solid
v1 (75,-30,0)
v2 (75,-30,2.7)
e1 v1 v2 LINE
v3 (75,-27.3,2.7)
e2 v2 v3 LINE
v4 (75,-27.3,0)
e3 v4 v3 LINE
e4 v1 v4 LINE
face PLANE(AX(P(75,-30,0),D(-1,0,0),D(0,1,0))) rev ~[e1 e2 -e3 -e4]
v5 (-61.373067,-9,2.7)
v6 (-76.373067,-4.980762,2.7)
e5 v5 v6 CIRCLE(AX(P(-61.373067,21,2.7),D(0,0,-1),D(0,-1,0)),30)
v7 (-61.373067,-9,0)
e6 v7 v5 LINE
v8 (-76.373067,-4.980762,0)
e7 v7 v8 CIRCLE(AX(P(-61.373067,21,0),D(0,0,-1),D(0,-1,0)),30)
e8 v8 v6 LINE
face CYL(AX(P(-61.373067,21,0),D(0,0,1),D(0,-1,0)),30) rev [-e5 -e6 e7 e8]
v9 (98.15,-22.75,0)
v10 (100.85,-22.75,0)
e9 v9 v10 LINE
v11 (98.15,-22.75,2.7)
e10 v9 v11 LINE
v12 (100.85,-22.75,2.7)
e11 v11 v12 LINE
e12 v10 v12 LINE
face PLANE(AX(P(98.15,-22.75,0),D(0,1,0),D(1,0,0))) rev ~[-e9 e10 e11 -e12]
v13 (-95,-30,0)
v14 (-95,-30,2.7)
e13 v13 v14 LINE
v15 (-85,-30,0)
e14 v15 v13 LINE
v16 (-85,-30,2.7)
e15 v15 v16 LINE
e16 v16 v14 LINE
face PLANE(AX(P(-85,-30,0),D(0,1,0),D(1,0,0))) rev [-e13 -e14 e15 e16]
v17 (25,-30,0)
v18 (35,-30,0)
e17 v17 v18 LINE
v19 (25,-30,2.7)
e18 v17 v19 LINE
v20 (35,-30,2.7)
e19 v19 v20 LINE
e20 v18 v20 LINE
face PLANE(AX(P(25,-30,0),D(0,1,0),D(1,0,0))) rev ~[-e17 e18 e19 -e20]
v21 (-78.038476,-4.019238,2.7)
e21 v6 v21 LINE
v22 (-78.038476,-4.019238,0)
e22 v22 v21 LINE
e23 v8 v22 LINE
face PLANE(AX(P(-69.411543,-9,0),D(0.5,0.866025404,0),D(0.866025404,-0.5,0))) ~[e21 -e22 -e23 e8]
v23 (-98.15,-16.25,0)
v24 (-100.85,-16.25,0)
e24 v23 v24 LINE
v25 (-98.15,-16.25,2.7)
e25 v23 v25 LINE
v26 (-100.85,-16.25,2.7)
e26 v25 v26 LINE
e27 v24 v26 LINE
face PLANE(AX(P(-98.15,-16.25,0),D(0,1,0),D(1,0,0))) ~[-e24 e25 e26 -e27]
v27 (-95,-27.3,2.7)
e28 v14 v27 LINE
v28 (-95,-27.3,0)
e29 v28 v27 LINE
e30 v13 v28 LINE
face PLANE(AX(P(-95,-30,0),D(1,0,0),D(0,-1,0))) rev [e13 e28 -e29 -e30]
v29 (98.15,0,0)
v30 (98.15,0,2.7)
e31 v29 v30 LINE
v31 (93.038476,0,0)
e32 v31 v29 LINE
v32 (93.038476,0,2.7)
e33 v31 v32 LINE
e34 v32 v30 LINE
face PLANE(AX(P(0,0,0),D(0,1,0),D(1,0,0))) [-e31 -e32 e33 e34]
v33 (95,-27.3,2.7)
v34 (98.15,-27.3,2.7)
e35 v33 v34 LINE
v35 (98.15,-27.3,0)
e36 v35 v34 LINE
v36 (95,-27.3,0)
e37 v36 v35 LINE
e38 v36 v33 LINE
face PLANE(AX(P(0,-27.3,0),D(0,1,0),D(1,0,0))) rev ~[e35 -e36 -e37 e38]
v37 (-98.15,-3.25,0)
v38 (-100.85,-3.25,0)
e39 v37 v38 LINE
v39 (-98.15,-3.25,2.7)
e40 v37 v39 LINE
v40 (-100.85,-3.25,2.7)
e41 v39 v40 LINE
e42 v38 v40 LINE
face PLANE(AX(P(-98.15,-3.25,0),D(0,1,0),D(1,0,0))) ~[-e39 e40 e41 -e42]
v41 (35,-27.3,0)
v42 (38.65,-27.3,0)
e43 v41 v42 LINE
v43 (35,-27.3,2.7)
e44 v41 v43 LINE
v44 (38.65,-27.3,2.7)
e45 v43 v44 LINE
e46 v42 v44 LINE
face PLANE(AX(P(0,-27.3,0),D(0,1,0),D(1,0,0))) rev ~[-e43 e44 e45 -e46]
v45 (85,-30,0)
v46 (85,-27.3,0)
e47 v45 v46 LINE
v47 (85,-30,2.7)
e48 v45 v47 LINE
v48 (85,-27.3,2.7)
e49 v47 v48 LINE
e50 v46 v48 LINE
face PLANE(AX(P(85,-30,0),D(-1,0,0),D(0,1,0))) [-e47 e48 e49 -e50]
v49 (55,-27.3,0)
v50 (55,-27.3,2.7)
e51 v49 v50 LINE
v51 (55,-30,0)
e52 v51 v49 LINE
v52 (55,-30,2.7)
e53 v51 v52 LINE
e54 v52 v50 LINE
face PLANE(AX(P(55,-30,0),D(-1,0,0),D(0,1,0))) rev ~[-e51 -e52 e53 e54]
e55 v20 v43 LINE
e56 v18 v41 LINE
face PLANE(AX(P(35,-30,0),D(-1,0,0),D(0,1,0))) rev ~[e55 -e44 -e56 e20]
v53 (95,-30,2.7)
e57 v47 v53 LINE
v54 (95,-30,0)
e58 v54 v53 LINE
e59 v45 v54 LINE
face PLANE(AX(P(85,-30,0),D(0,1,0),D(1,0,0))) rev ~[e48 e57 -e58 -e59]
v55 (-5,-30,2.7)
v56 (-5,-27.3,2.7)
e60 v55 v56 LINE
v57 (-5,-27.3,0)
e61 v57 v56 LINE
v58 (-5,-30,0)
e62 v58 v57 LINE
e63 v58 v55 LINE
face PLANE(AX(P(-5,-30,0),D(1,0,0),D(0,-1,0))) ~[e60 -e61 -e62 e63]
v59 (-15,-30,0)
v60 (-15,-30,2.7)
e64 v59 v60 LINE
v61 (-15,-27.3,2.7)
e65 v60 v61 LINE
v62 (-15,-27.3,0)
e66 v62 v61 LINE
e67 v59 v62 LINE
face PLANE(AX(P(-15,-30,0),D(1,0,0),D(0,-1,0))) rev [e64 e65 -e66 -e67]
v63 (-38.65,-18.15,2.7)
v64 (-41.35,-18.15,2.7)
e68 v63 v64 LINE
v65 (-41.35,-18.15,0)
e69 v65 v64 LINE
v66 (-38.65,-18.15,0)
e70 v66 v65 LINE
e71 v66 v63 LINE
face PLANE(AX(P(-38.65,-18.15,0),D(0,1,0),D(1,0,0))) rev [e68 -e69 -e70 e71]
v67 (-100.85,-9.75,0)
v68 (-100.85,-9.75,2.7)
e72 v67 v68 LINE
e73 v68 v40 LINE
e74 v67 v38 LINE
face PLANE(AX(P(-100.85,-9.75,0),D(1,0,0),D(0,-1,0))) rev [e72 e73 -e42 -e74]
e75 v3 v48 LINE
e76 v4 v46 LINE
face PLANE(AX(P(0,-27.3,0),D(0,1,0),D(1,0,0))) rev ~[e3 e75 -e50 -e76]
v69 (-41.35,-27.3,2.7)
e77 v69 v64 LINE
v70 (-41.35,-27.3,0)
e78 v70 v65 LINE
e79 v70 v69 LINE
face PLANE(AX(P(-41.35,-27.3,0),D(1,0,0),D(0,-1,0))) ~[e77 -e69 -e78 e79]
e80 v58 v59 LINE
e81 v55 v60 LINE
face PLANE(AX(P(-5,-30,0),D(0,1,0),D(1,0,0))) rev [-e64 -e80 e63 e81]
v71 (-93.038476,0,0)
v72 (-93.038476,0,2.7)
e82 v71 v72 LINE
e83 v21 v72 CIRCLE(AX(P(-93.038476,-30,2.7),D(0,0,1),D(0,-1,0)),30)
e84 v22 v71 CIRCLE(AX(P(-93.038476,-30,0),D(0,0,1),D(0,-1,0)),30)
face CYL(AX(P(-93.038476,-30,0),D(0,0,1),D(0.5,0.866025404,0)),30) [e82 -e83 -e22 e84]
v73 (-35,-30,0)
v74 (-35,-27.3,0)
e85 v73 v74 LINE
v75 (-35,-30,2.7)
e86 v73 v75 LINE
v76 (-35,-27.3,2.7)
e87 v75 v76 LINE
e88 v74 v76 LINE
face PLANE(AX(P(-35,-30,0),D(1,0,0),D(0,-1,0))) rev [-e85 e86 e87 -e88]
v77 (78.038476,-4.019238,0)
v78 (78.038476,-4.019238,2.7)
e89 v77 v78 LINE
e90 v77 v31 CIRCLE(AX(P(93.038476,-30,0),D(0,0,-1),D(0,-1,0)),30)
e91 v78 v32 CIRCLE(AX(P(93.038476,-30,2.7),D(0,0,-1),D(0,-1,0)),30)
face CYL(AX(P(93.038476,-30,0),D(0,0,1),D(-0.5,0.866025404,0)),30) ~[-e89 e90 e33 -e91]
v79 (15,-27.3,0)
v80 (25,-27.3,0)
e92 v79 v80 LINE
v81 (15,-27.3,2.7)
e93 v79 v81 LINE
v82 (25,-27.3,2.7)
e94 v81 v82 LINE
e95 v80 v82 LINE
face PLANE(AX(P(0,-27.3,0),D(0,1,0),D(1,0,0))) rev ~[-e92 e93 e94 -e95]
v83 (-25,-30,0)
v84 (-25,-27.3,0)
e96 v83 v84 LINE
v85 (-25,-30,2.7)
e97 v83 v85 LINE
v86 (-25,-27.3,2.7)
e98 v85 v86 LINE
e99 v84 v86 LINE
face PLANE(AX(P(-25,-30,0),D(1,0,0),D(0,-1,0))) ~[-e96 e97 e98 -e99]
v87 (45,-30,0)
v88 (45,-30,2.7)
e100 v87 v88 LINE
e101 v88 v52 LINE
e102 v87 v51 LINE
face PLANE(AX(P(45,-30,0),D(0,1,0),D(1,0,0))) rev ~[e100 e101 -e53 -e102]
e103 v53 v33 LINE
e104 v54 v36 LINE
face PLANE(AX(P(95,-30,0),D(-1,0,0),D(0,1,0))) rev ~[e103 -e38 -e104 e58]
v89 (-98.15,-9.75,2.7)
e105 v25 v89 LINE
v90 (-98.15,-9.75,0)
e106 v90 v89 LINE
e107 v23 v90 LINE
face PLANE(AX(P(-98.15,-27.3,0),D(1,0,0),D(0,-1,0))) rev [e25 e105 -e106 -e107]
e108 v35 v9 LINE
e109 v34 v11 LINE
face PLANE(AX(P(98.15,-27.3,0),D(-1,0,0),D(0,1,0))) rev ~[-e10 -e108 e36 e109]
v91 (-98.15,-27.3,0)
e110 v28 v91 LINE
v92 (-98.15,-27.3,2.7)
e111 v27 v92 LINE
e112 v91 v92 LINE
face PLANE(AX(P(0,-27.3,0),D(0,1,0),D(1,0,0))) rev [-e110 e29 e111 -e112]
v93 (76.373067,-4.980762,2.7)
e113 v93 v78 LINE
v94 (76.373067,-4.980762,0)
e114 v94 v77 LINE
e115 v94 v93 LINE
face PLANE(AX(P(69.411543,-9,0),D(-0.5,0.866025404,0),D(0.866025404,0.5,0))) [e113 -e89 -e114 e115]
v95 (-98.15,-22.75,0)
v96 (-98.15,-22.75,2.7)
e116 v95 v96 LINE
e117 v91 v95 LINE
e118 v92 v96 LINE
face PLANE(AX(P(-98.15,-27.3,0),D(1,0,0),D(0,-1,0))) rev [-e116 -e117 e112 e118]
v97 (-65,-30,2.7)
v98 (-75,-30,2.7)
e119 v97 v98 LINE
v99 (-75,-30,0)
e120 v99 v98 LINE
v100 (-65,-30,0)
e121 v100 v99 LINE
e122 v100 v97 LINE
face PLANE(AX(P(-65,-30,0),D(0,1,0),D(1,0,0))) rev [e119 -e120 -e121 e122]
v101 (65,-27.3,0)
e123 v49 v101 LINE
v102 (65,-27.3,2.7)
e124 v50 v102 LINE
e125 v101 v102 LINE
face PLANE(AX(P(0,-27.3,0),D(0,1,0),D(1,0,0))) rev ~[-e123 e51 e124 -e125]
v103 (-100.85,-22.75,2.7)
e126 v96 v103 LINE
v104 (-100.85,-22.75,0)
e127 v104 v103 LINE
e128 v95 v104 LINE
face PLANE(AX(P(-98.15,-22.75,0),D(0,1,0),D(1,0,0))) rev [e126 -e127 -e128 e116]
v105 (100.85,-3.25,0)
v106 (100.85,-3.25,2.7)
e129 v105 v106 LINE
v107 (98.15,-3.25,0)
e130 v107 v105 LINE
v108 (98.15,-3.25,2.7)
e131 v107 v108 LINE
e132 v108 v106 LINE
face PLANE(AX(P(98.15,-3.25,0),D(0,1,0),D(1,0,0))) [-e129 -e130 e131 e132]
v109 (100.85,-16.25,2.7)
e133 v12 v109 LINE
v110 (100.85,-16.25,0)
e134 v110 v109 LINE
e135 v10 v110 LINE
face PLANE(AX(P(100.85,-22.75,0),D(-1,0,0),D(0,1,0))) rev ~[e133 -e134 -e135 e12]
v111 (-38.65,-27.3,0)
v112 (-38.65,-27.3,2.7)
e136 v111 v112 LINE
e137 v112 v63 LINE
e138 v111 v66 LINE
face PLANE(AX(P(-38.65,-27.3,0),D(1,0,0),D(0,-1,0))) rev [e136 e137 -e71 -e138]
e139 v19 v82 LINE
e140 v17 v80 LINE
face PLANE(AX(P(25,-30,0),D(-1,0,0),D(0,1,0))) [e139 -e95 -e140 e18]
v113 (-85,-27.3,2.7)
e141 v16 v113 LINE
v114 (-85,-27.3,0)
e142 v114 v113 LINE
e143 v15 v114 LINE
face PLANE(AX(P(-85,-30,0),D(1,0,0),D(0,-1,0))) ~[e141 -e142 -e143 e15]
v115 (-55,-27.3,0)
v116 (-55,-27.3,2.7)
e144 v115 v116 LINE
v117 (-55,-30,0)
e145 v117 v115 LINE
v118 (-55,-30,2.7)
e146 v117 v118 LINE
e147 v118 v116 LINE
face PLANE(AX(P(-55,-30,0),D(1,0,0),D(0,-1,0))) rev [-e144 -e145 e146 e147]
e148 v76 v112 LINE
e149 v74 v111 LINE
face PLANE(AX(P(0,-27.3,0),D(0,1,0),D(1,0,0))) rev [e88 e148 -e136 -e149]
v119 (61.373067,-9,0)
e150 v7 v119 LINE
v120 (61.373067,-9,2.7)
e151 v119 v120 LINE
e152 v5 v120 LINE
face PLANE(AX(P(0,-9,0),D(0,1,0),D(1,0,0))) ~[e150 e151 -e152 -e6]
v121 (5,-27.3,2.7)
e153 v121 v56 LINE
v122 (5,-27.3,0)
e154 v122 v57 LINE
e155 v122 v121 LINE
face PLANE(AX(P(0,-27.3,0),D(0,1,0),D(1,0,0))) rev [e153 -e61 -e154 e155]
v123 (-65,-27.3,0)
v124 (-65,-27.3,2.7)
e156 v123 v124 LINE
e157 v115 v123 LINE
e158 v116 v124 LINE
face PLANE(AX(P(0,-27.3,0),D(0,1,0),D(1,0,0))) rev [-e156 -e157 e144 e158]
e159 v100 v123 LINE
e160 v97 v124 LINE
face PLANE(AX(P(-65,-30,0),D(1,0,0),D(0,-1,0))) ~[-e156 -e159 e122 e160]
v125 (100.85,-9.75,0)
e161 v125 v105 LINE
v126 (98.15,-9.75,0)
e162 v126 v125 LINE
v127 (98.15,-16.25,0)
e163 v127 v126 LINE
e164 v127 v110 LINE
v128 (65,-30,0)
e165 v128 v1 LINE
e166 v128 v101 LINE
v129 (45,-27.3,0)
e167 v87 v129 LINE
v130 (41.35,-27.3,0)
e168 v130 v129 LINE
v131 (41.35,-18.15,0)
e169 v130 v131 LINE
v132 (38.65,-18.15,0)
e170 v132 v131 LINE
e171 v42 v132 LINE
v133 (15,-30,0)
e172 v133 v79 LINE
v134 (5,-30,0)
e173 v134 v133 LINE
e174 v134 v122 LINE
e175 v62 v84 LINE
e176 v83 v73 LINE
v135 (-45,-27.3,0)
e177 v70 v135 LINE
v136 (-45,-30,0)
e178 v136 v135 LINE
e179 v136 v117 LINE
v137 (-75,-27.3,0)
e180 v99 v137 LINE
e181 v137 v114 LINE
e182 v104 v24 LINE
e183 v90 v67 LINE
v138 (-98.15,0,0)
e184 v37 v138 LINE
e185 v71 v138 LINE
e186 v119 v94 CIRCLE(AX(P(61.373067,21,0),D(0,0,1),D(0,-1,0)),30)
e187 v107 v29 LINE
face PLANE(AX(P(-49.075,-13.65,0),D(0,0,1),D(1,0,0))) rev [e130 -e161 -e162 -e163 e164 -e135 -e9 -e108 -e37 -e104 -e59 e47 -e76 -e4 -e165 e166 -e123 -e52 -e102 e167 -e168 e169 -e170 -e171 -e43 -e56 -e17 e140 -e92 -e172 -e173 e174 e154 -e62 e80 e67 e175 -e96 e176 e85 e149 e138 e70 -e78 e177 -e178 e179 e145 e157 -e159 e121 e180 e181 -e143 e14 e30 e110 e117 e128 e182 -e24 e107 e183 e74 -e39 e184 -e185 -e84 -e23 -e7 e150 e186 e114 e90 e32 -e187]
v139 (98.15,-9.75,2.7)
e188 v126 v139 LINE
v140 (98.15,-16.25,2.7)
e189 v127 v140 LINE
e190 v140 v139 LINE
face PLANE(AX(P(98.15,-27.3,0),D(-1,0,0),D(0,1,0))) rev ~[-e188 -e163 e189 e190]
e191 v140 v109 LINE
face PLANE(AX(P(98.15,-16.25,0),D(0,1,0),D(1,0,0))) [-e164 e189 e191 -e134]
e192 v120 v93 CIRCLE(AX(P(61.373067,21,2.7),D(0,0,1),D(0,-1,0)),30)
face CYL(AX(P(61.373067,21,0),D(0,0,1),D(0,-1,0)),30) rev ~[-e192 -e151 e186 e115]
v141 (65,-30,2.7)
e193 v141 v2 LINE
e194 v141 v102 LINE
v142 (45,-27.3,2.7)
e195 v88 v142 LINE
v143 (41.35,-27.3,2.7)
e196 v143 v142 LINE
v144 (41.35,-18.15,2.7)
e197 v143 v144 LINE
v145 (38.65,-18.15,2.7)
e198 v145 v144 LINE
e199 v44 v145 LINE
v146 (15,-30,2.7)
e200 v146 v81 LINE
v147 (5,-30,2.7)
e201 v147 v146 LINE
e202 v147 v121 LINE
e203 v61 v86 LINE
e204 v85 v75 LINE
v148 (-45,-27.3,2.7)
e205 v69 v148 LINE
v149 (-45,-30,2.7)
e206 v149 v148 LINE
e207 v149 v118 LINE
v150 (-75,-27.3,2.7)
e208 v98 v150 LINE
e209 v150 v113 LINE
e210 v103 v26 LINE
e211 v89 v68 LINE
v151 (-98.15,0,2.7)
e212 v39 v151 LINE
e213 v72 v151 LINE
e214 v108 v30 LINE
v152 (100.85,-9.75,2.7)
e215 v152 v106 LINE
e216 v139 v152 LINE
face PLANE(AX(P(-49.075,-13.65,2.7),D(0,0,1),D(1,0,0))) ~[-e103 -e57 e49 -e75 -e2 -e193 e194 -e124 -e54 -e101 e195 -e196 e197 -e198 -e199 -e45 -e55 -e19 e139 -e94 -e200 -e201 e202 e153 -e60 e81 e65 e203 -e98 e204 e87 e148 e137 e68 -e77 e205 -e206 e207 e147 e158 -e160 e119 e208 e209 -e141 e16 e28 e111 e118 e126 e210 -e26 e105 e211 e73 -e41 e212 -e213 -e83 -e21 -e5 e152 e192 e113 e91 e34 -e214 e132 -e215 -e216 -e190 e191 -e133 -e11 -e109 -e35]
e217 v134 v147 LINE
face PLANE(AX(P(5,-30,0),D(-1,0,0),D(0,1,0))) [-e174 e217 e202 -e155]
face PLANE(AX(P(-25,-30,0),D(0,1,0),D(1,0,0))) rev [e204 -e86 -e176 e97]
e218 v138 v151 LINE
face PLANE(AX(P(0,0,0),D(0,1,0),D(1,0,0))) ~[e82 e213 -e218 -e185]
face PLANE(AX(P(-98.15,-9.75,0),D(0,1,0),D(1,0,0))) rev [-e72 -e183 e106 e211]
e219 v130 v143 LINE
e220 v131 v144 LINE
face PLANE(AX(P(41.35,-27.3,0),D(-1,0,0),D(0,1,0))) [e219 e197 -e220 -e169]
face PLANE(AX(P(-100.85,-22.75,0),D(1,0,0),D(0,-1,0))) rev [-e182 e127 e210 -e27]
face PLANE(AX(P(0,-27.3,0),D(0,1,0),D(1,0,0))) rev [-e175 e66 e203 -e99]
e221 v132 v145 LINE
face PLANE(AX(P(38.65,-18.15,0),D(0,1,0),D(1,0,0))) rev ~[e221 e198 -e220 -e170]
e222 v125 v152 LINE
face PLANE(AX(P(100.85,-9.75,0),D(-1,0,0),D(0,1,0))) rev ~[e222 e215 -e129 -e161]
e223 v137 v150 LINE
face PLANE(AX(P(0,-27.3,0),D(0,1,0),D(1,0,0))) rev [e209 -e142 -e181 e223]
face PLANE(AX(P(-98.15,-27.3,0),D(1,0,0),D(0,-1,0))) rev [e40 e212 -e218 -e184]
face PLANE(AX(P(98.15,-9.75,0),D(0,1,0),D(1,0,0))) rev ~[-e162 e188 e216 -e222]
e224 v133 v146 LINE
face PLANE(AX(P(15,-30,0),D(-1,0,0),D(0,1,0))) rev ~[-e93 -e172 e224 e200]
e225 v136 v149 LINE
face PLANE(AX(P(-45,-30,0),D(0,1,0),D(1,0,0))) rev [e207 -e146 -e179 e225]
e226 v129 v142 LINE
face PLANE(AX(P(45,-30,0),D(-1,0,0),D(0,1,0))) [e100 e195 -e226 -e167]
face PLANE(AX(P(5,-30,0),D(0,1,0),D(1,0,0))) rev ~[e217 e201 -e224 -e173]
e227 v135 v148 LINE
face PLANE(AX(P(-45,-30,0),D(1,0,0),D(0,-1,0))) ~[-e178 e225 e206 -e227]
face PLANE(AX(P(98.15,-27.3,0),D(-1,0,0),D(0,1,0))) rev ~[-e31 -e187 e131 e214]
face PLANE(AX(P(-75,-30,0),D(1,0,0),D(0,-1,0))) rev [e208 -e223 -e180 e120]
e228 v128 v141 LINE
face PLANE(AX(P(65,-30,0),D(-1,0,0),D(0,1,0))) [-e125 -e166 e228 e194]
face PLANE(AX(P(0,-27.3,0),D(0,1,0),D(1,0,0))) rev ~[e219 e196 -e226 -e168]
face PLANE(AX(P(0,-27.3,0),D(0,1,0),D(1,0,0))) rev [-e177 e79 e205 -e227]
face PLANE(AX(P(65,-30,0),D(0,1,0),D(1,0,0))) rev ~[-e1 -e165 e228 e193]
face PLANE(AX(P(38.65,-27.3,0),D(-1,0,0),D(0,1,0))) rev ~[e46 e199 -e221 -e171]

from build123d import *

# Parameters (mm, degrees)
ESQUISSE1_W                = 98.15
ESQUISSE1_H                = 27.3
BOSS_EXTRU_1_DEPTH         = 2.7
ESQUISSE2_W                = 10
ESQUISSE2_H                = 2.7
BOSS_EXTRU_2_DEPTH         = 2.7
R_P_TITION_LIN_AIRE1_COUNT = 5
R_P_TITION_LIN_AIRE1_PITCH = 20
ESQUISSE3_W                = 2.7
ESQUISSE3_H                = 6.5
BOSS_EXTRU_3_DEPTH         = 2.7
R_P_TITION_LIN_AIRE2_COUNT = 2
R_P_TITION_LIN_AIRE2_PITCH = 13
ENL_V_MAT_EXTRU_1_DEPTH    = 2.7
CONG_1_R                   = 30
ESQUISSE5_W                = 2.7
ESQUISSE5_H                = 9.15
ENL_V_MAT_EXTRU_2_DEPTH    = 2.7


with BuildPart() as part:
    # Esquisse1 → Boss.-Extru.1 (new body)
    with BuildSketch(Plane.XY):
        with Locations((49.075, -13.65)):
            Rectangle(ESQUISSE1_W, ESQUISSE1_H)
    extrude(amount=BOSS_EXTRU_1_DEPTH)

    # Esquisse2 → Boss.-Extru.2 (add)
    with BuildSketch(Plane.XY):
        with Locations((10, -28.65)):
            Rectangle(ESQUISSE2_W, ESQUISSE2_H)
    boss_extru_2 = extrude(amount=BOSS_EXTRU_2_DEPTH)

    # Répétition linéaire1: Boss.-Extru.2 ×5
    with Locations(*[(i * R_P_TITION_LIN_AIRE1_PITCH, 0, 0) for i in range(1, R_P_TITION_LIN_AIRE1_COUNT)]):
        add(boss_extru_2)

    # Esquisse3 → Boss.-Extru.3 (add)
    with BuildSketch(Plane.XY):
        with Locations((99.5, -6.5)):
            Rectangle(ESQUISSE3_W, ESQUISSE3_H)
    boss_extru_3 = extrude(amount=BOSS_EXTRU_3_DEPTH)

    # Répétition linéaire2: Boss.-Extru.3 ×2
    with Locations(*[(0, -i * R_P_TITION_LIN_AIRE2_PITCH, 0) for i in range(1, R_P_TITION_LIN_AIRE2_COUNT)]):
        add(boss_extru_3)

    # Esquisse4 → Enlèv. mat.-Extru.1 (cut)
    with BuildSketch(Plane.XY):
        Polygon((0, -9), (69.411542732, -9), (85, 0), (0, 0), align=None)
    extrude(amount=ENL_V_MAT_EXTRU_1_DEPTH, mode=Mode.SUBTRACT)

    # Congé1
    cong_1_edges = [part.edges().sort_by_distance(p)[0] for p in [
        (69.411542732, -9, 1.35),
        (85, 0, 1.35),
    ]]
    fillet(cong_1_edges, radius=CONG_1_R)

    # Symétrie1: part across plane


with BuildPart() as part_1:
    add(part.part)
    add(part.part.mirror(Plane(origin=(0, 0, 0), x_dir=(0, 0, 1), z_dir=(1, 0, 0))))

    # Esquisse5 → Enlèv. mat.-Extru.2 (cut)
    with BuildSketch(Plane.XY):
        with Locations((40, -22.725)):
            Rectangle(ESQUISSE5_W, ESQUISSE5_H)
    enl_v_mat_extru_2 = extrude(amount=ENL_V_MAT_EXTRU_2_DEPTH, mode=Mode.SUBTRACT)

    # Symétrie2: Enlèv. mat.-Extru.2 across plane
    add(enl_v_mat_extru_2.mirror(Plane(origin=(0, 0, 0), x_dir=(0, 0, 1), z_dir=(1, 0, 0))), mode=Mode.SUBTRACT)


solid = part_1.part
